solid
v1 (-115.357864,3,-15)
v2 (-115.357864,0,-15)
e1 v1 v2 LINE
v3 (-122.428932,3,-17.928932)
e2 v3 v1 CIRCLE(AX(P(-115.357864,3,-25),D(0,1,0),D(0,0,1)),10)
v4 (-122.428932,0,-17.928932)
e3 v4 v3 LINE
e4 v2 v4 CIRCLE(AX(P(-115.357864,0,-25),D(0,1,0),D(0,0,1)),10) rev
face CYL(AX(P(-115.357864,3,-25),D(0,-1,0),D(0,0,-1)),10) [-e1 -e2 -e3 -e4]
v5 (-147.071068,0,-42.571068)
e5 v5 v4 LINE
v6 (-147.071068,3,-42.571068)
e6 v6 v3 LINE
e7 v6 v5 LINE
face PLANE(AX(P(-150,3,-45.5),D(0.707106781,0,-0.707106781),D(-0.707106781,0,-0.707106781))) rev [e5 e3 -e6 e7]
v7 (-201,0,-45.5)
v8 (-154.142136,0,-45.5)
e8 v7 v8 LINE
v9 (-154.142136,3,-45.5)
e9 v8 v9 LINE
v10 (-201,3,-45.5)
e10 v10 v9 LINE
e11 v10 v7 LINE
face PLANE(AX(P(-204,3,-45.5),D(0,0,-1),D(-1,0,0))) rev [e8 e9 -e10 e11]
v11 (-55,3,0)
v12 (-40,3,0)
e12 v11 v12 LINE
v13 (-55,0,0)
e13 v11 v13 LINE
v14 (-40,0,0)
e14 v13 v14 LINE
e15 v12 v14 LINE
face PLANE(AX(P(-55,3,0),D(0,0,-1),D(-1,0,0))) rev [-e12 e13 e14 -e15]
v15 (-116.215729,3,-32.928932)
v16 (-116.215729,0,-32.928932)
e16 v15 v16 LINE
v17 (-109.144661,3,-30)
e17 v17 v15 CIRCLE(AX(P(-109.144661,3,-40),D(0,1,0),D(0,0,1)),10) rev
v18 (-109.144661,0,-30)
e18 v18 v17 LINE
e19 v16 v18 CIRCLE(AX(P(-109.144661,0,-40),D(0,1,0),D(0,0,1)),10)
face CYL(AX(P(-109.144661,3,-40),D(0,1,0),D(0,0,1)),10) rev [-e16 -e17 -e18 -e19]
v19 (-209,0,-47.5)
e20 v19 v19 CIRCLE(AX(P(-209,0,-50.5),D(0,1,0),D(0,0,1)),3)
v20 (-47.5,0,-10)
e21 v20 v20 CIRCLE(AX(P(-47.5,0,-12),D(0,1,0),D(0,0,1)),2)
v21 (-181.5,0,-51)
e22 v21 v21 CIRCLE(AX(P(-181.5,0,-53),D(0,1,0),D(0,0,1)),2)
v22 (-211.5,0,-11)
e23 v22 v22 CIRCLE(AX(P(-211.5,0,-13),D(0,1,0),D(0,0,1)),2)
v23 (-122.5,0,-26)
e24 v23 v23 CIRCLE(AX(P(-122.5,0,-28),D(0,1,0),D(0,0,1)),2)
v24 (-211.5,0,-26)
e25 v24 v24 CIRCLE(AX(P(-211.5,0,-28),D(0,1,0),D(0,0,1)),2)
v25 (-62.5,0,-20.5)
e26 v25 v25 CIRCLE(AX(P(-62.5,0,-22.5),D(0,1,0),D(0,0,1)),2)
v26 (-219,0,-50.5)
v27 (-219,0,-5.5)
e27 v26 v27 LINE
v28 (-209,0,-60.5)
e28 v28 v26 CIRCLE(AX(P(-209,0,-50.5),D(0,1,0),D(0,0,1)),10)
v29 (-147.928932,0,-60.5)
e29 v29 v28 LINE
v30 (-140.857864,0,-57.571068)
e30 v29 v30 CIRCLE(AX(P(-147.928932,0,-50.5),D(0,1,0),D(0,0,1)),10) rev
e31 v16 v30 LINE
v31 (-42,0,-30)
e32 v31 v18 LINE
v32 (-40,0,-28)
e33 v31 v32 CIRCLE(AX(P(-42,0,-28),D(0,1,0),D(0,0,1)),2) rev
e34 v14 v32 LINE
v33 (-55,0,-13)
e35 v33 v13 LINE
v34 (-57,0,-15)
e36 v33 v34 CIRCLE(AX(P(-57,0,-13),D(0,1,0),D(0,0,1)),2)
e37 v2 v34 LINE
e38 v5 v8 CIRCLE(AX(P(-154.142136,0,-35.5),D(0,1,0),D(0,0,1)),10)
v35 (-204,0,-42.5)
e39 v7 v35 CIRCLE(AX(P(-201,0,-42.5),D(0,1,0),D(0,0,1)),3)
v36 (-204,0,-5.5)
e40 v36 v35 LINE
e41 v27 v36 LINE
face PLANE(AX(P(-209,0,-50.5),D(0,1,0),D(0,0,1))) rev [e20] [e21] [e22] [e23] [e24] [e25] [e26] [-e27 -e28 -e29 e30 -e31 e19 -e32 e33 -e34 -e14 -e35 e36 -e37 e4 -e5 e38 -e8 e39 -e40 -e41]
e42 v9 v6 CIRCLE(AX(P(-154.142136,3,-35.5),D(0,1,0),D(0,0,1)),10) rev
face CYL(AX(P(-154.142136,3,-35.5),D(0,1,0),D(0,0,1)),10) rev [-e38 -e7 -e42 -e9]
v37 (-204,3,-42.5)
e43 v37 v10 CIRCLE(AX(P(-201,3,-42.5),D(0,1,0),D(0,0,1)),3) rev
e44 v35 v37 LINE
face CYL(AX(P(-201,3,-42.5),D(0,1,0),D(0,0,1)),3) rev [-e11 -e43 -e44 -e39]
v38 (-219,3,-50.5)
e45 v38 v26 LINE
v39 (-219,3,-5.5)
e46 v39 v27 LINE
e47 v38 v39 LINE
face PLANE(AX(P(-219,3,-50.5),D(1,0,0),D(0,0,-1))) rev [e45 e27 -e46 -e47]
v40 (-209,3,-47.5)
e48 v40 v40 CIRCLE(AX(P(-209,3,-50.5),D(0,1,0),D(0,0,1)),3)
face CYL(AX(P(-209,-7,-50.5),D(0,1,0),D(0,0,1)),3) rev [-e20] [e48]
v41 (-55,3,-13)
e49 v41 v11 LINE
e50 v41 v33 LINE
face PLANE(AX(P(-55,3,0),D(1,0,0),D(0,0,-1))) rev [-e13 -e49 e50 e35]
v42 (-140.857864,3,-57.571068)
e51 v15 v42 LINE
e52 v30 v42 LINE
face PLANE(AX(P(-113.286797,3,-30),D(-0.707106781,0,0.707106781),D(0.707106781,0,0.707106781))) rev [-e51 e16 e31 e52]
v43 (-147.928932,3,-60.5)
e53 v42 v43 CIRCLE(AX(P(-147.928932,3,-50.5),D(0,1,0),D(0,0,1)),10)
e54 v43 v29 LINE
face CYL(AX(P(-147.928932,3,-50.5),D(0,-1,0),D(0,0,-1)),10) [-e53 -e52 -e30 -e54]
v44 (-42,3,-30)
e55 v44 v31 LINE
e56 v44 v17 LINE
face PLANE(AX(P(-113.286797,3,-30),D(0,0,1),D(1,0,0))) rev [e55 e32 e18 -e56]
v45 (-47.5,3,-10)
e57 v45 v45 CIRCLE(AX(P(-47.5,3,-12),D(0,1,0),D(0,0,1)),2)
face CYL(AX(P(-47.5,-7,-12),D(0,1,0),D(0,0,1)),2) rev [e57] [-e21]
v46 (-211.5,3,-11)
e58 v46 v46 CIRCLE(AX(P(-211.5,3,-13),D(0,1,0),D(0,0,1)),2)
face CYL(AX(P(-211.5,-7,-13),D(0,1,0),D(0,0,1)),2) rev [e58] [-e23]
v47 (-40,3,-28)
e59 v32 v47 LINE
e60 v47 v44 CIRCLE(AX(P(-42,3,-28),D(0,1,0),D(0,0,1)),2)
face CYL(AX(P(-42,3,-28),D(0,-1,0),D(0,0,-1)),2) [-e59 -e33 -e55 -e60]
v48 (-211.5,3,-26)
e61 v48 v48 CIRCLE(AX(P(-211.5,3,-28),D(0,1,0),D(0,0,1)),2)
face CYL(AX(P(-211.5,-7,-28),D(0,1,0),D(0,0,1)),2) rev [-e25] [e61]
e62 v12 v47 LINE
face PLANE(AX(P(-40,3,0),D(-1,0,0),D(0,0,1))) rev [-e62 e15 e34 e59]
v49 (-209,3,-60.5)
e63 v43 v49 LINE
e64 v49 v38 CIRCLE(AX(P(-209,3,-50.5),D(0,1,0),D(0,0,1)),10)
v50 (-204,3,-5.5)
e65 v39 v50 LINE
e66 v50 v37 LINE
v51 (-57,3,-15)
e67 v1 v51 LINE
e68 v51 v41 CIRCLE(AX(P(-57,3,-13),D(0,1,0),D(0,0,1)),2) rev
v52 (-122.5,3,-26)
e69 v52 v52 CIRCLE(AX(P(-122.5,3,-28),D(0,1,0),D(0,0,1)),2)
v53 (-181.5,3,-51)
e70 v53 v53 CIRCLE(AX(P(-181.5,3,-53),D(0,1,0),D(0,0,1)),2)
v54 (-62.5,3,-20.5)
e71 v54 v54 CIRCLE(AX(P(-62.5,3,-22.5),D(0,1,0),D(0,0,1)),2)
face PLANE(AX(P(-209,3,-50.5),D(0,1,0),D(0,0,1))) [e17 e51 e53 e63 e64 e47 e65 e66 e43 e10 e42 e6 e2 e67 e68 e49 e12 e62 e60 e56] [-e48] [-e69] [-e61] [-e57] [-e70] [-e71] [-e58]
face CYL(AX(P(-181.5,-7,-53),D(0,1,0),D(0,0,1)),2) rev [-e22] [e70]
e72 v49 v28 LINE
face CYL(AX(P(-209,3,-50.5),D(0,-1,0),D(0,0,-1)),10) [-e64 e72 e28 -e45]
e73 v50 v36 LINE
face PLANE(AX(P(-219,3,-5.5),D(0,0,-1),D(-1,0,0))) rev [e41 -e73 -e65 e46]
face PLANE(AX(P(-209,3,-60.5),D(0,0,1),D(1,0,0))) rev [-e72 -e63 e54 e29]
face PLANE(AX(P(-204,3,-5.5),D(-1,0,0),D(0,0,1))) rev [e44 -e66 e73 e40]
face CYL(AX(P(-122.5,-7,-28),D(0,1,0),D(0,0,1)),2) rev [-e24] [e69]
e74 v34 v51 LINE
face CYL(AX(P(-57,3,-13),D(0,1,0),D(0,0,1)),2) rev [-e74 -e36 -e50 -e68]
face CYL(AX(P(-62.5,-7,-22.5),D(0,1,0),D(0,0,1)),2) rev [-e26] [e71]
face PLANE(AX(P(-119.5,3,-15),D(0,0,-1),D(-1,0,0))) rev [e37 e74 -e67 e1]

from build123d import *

# Parameters (mm, degrees)
EXTRUDE_1_DEPTH     = 3
SKETCH_2_R          = 2
SKETCH_2_R_2        = 3
CUT_EXTRUDE_1_DEPTH = 10
FILLET_1_R          = 10
FILLET_2_R          = 2
FILLET_3_R          = 3


with BuildPart() as part:
    # 草图1 → 凸台-拉伸1 (new body)
    with BuildSketch(Plane(origin=(0, 0, 0), x_dir=(1, 0, 0), z_dir=(0, 1, 0))):
        with BuildLine():
            Line((-55, 0), (-40, 0))
            Line((-40, 0), (-40, 30))
            Line((-40, 30), (-113.286796564, 30))
            Line((-113.286796564, 30), (-143.786796564, 60.5))
            Line((-143.786796564, 60.5), (-209, 60.5))
            ThreePointArc((-209, 60.5), (-216.071067812, 57.571067812), (-219, 50.5))
            Line((-219, 50.5), (-219, 5.5))
            Line((-219, 5.5), (-204, 5.5))
            Line((-204, 5.5), (-204, 45.5))
            Line((-204, 45.5), (-150, 45.5))
            Line((-150, 45.5), (-119.5, 15))
            Line((-119.5, 15), (-55, 15))
            Line((-55, 15), (-55, 0))
        make_face()
    extrude(amount=EXTRUDE_1_DEPTH)

    # 草图2 → 切除-拉伸1 (cut)
    with BuildSketch(Plane(origin=(0, 3, 0), x_dir=(1, 0, 0), z_dir=(0, 1, 0))):
        with Locations(Location((-47.5, 12, 0), (0, 0, 270))):
            Circle(SKETCH_2_R)
        with Locations(Location((-211.5, 13, 0), (0, 0, 270))):
            Circle(SKETCH_2_R)
        with Locations(Location((-211.5, 28, 0), (0, 0, 270))):
            Circle(SKETCH_2_R)
        with Locations(Location((-209, 50.5, 0), (0, 0, 270))):
            Circle(SKETCH_2_R_2)
        with Locations(Location((-181.5, 53, 0), (0, 0, 270))):
            Circle(SKETCH_2_R)
        with Locations(Location((-122.5, 28, 0), (0, 0, 270))):
            Circle(SKETCH_2_R)
        with Locations(Location((-62.5, 22.5, 0), (0, 0, 270))):
            Circle(SKETCH_2_R)
    extrude(amount=-CUT_EXTRUDE_1_DEPTH, mode=Mode.SUBTRACT)

    # 圆角1
    fillet_1_edges = [part.edges().sort_by_distance(p)[0] for p in [
        (-119.5, 1.5, -15),
        (-150, 1.5, -45.5),
        (-143.786796564, 1.5, -60.5),
        (-113.286796564, 1.5, -30),
    ]]
    fillet(fillet_1_edges, radius=FILLET_1_R)

    # 圆角2
    fillet_2_edges = [part.edges().sort_by_distance(p)[0] for p in [
        (-40, 1.5, -30),
        (-55, 1.5, -15),
    ]]
    fillet(fillet_2_edges, radius=FILLET_2_R)

    # 圆角3
    fillet_3_edges = [part.edges().sort_by_distance(p)[0] for p in [
        (-204, 1.5, -45.5),
    ]]
    fillet(fillet_3_edges, radius=FILLET_3_R)


solid = part.part
